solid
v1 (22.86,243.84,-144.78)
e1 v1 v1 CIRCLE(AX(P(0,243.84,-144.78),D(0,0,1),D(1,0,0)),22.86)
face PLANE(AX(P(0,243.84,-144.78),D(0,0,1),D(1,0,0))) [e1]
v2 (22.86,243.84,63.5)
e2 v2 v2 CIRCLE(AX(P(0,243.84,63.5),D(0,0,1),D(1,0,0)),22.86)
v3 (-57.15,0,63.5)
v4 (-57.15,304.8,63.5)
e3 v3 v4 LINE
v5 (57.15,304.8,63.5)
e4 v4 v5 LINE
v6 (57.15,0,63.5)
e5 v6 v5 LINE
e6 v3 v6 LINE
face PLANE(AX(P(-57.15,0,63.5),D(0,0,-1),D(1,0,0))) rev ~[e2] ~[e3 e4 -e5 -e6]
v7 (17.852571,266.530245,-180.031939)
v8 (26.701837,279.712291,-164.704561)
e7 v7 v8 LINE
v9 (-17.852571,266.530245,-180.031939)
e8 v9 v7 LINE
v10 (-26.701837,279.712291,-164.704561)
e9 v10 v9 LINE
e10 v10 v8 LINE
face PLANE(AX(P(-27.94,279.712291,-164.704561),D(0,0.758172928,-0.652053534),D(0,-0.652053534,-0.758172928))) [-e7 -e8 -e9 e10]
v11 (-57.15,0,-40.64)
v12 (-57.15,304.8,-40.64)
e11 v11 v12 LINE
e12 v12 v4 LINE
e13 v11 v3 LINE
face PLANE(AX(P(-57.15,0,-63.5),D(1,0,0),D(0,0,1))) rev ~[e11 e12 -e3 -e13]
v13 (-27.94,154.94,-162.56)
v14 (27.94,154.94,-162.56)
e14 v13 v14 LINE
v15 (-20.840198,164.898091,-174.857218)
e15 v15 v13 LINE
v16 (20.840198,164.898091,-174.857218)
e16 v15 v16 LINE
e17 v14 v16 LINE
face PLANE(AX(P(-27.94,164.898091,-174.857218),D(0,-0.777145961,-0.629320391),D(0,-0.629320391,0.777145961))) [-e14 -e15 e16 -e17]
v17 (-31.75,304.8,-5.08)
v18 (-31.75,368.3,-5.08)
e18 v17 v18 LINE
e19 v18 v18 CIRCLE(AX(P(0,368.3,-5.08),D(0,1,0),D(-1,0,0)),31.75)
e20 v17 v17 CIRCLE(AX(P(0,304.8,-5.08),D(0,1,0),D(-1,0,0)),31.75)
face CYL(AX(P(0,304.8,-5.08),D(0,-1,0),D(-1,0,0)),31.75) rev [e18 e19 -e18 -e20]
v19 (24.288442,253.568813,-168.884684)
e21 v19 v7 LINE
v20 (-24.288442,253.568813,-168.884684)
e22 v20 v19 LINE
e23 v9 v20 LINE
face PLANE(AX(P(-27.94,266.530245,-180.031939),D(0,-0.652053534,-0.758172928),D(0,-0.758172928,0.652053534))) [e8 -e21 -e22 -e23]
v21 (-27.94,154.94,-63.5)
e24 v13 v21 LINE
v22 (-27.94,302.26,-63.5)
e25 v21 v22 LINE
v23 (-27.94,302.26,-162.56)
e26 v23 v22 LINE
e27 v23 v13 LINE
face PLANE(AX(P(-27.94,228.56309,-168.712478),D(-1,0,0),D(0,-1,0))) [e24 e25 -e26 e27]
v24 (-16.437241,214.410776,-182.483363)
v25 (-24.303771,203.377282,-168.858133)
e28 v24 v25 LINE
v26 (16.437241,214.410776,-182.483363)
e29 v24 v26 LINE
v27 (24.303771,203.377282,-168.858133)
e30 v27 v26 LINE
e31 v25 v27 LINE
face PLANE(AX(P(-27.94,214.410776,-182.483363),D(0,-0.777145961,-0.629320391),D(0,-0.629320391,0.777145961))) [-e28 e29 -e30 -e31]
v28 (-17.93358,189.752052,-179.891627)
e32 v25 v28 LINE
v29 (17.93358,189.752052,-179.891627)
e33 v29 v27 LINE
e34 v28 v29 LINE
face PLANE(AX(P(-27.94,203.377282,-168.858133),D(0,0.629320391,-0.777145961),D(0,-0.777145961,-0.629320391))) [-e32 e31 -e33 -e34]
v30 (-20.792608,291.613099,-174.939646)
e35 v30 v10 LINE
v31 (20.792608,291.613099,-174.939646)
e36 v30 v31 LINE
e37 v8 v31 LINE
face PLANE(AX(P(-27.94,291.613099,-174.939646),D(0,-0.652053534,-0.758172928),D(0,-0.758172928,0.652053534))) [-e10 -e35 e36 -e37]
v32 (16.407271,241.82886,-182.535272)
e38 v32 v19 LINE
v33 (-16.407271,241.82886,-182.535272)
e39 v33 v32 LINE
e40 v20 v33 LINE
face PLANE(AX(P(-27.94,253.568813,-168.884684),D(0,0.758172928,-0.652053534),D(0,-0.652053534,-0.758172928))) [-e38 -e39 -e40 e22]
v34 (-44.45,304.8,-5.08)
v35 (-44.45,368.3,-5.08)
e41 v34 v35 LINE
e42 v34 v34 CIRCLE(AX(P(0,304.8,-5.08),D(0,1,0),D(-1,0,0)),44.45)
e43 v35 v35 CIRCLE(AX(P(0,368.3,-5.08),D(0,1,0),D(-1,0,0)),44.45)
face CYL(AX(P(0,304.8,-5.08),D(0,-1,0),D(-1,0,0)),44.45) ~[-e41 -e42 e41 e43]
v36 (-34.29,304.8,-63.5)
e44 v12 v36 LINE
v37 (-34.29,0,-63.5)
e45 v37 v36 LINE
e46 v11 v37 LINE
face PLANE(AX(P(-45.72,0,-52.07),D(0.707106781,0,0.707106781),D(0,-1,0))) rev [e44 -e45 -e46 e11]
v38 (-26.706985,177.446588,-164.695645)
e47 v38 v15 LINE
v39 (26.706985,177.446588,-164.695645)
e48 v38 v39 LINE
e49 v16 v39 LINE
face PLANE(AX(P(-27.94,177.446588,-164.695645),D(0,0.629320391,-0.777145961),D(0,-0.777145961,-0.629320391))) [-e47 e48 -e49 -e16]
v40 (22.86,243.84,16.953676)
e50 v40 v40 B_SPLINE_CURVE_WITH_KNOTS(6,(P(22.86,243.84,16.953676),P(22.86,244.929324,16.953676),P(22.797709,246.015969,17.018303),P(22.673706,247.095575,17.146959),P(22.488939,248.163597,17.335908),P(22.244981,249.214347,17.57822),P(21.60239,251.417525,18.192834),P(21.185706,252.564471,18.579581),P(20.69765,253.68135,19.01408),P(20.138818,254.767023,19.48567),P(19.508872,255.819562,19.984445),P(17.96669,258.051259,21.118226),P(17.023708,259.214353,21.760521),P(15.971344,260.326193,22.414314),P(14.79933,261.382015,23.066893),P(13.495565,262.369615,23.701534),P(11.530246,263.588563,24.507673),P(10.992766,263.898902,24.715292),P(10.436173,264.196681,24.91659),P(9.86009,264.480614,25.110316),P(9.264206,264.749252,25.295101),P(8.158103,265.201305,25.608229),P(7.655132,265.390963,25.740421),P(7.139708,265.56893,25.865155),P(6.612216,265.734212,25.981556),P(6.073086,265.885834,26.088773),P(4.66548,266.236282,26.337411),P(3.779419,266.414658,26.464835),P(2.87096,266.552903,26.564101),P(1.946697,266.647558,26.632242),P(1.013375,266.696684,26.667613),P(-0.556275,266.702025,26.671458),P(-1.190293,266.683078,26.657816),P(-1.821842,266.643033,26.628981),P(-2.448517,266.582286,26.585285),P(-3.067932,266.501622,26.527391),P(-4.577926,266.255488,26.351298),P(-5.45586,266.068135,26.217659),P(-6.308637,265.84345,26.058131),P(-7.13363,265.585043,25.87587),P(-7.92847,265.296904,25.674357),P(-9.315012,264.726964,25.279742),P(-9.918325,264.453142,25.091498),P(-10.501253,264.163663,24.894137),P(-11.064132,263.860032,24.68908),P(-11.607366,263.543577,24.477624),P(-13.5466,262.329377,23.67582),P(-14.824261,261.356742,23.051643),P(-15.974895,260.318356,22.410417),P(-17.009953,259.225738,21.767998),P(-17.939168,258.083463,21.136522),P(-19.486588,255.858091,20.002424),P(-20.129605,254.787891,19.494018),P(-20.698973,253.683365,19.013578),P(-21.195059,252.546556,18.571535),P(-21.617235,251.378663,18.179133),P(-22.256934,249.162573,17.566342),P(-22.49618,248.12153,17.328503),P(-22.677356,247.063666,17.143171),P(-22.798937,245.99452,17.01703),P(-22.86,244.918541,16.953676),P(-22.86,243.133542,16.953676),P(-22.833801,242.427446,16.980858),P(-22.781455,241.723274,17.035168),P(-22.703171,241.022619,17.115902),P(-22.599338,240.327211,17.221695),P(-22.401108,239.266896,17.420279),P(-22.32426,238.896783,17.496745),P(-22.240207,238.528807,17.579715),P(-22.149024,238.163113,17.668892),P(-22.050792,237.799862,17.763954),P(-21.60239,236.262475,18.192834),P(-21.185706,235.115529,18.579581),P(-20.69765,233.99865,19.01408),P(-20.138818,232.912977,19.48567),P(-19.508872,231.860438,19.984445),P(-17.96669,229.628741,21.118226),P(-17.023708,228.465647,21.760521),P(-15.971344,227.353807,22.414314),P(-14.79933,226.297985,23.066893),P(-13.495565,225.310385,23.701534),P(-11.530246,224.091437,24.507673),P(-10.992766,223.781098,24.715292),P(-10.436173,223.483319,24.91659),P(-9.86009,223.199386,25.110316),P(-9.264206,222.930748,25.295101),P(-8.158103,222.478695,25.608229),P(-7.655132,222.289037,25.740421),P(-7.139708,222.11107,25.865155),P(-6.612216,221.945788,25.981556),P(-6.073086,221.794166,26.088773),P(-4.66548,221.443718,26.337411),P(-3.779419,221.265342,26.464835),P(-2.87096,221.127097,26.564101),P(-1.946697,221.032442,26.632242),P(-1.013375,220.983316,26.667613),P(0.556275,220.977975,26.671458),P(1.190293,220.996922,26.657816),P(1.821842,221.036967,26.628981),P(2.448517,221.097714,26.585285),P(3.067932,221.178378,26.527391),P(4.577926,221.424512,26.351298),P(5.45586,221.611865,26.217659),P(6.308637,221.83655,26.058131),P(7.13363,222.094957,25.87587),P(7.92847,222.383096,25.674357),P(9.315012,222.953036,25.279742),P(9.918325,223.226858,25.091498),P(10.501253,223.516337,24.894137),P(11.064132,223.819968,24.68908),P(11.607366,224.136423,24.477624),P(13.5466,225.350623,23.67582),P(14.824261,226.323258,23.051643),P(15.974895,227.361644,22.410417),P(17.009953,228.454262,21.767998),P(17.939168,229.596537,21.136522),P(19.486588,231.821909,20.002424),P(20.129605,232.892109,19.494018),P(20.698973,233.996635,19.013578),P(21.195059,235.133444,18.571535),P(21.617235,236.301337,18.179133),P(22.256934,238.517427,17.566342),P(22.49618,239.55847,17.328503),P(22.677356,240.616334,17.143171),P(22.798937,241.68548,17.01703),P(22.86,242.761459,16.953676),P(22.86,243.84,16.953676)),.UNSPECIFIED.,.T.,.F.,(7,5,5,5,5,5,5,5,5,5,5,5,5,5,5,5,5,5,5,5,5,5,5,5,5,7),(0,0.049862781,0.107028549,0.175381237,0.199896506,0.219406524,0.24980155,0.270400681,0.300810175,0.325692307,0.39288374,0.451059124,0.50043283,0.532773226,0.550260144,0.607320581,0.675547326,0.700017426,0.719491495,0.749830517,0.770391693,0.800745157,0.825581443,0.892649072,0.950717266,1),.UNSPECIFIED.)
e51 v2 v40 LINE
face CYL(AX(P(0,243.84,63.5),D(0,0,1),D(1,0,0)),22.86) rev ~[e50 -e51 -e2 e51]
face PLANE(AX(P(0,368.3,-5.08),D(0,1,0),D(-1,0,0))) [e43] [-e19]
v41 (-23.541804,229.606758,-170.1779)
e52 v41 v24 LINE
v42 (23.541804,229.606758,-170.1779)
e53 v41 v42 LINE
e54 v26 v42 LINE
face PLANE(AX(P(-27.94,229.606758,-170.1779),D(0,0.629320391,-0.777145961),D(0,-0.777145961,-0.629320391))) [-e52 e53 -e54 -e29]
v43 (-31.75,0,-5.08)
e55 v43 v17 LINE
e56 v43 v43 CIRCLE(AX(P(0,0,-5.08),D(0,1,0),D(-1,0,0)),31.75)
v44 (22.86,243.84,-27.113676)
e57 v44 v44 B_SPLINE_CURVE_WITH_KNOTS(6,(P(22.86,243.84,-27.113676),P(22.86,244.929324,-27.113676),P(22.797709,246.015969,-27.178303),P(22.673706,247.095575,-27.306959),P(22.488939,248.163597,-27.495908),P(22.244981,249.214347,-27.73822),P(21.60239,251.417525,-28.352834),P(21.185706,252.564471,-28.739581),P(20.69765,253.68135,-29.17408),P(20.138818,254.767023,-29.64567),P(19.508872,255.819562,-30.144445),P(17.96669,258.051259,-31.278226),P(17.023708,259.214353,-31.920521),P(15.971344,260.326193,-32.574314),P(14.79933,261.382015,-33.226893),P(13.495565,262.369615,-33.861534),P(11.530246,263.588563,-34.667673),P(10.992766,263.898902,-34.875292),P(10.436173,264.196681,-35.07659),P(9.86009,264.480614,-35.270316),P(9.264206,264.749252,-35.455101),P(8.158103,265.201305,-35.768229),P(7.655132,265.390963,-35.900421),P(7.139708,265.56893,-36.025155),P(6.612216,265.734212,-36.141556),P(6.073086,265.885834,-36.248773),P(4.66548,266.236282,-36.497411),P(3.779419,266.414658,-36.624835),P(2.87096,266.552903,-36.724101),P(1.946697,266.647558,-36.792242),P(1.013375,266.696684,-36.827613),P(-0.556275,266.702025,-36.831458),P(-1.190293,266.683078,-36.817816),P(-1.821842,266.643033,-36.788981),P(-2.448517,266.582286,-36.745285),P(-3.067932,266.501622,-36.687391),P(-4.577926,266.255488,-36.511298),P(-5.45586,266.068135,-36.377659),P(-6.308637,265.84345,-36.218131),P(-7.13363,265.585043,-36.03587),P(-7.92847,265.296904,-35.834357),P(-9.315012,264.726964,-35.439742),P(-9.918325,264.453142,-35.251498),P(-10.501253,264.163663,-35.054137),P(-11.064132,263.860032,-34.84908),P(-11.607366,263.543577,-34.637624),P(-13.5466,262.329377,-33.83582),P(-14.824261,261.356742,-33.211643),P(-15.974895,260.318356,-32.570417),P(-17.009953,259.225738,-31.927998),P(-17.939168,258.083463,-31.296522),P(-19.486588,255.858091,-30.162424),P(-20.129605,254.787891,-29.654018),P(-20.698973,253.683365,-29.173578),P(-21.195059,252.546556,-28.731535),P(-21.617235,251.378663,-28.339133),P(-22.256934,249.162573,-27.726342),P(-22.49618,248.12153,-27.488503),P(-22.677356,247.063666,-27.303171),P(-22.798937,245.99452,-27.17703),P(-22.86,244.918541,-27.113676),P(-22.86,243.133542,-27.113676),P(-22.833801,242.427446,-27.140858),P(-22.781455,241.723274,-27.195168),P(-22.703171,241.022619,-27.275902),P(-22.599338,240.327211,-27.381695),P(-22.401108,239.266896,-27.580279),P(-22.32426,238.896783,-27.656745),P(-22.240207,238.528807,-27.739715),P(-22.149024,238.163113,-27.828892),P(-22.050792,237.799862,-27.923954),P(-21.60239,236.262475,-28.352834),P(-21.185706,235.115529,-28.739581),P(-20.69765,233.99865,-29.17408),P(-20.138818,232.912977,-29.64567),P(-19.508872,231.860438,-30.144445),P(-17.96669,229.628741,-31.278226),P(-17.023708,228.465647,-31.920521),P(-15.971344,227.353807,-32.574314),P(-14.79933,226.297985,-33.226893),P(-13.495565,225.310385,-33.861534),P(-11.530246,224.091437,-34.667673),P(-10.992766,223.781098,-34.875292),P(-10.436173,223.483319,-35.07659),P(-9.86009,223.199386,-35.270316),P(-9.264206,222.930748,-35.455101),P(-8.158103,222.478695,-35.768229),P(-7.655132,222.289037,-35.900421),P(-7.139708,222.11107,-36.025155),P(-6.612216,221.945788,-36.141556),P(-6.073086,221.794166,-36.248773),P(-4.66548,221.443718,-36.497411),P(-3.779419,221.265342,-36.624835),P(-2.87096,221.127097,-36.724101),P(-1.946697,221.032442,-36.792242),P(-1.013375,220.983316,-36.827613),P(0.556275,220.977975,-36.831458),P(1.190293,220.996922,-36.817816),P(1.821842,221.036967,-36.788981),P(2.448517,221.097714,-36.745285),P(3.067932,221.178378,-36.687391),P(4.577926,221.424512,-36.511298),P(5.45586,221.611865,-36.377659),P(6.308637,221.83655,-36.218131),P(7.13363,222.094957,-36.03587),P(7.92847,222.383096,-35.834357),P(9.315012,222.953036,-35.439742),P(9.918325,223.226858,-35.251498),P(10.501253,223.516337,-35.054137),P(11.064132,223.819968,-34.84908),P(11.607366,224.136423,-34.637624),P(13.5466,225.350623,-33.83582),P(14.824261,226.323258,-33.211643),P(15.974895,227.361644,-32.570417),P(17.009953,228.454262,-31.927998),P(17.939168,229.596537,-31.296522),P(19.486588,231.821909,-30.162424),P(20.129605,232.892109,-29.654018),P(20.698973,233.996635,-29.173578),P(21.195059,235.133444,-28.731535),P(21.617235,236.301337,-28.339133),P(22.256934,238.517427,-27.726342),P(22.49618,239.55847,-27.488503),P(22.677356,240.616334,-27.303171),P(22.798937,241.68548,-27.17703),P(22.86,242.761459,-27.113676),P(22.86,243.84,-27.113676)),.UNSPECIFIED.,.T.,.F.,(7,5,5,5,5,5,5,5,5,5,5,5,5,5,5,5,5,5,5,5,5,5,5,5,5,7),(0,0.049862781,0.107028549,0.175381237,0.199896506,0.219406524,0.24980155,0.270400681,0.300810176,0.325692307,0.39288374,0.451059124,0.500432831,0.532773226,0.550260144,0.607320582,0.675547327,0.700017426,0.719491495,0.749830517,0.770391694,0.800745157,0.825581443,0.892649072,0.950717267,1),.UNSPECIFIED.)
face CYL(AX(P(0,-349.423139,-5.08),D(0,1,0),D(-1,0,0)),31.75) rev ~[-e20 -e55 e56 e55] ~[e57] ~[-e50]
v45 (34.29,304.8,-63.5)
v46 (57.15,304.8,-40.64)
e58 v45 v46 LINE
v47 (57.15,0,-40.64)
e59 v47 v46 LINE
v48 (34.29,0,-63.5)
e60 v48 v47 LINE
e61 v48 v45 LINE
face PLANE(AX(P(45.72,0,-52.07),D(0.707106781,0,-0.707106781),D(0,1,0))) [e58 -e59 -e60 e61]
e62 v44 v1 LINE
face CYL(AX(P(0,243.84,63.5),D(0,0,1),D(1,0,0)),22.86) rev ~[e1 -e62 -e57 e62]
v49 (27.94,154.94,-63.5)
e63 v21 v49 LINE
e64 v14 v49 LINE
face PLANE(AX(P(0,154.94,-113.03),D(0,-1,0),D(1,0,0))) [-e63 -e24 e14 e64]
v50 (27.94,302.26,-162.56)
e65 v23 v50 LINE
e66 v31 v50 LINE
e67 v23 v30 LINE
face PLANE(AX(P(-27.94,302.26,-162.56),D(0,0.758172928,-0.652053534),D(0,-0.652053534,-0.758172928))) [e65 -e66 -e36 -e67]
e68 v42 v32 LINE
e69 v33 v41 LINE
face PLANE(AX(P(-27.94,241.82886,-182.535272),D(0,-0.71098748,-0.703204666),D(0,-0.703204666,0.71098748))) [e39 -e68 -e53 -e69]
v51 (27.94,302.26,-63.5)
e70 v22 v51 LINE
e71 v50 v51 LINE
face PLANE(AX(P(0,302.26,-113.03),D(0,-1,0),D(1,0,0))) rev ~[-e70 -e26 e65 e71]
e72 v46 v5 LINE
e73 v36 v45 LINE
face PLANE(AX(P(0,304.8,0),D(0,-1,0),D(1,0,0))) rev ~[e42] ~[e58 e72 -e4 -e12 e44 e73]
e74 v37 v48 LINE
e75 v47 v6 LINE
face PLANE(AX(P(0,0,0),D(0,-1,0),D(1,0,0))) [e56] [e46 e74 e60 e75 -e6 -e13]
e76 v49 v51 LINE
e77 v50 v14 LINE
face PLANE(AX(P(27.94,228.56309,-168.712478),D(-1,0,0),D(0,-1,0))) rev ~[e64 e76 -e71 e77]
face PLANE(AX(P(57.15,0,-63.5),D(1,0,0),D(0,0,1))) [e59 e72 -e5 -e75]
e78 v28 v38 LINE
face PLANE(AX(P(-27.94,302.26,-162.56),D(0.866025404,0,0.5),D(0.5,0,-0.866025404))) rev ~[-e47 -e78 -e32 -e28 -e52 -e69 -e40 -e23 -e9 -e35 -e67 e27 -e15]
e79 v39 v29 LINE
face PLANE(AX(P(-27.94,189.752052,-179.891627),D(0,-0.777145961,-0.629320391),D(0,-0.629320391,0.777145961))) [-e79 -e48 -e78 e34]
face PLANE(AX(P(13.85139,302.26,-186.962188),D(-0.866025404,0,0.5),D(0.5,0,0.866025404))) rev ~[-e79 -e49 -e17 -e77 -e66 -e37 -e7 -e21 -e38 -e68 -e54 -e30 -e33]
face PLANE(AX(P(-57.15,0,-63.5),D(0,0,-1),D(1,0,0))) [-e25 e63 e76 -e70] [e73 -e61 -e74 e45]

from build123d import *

# Parameters (mm, degrees)
F0_W      = 114.3
F0_H      = 127
F1_DEPTH  = 304.8
F2_SIZE2  = 22.86
F2_SIZE   = 22.86
F4_D      = 63.5
F5_R      = 44.45
F5_R_2    = 31.75
F6_DEPTH  = 63.5
F8_W      = 55.88
F8_H      = 99.06
F9_DEPTH  = 147.32
F11_DEPTH = 55.88
F13_DEPTH = 302.261
F14_R     = 22.86
F15_DEPTH = 208.28


with BuildPart() as f1:
    # F0 (on Front) → F1 (new body)
    with BuildSketch(Plane.XZ):
        Rectangle(F0_W, F0_H)
    extrude(amount=-F1_DEPTH)

    # F2
    f2_edges = [f1.edges().sort_by_distance(p)[0] for p in [
        (57.15, 152.4, -63.5),
        (-57.15, 152.4, -63.5),
    ]]
    chamfer(f2_edges, length=F2_SIZE, length2=F2_SIZE2)

    # F4 (through all)
    with Locations(Plane.XZ):
        with Locations((0, -5.08)):
            Hole(F4_D / 2)

    # F5 (on face) → F6 (join)
    with BuildSketch(Plane(origin=(0, 304.8, 0), x_dir=(-1, 0, 0), z_dir=(0, 1, 0))):
        with Locations((0, -5.08)):
            Circle(F5_R)
        with Locations((0, -5.08)):
            Circle(F5_R_2, mode=Mode.SUBTRACT)
    extrude(amount=F6_DEPTH)

    # F8 (on offset) → F9 (join)
    with BuildSketch(Plane.XZ.offset(-154.94)):
        with Locations((0, -113.03)):
            Rectangle(F8_W, F8_H)
    extrude(amount=-F9_DEPTH)

    # F10 (on face) → F11 (join)
    with BuildSketch(Plane(origin=(-27.94, 0, 0), x_dir=(0, -1, 0), z_dir=(-1, 0, 0))):
        Polygon((-214.4107755243, -182.4833633625), (-203.3772818135, -168.8581333524), (-189.7520518034, -179.8916270632), (-177.4465882231, -164.6956450781), (-164.8980907601, -174.8572179642), (-154.94, -162.56), (-302.26, -162.56), (-291.6130993959, -174.939645827), (-279.7122911913, -164.7045612509), (-266.5302445016, -180.0319391764), (-253.5688132322, -168.8846840497), (-241.828860398, -182.5352724715), (-229.6067575095, -170.1778997822), align=None)
    extrude(amount=-F11_DEPTH)

    # F12 (on face) → F13 (cut, through all)
    with BuildSketch(Plane(origin=(0, 302.26, 0), x_dir=(-1, 0, 0), z_dir=(0, 1, 0))):
        Polygon((-13.8513900767, -186.9621881951), (-27.94, -162.56), (-27.94, -186.9621881951), align=None)
        Polygon((27.94, -186.9621881951), (27.94, -162.56), (13.8513900767, -186.9621881951), align=None)
    extrude(amount=-F13_DEPTH, mode=Mode.SUBTRACT)

    # F14 (on face) → F15 (cut)
    with BuildSketch(Plane.XY.offset(63.5)):
        with Locations((0, 243.84)):
            Circle(F14_R)
    extrude(amount=-F15_DEPTH, mode=Mode.SUBTRACT)


solid = f1.part
